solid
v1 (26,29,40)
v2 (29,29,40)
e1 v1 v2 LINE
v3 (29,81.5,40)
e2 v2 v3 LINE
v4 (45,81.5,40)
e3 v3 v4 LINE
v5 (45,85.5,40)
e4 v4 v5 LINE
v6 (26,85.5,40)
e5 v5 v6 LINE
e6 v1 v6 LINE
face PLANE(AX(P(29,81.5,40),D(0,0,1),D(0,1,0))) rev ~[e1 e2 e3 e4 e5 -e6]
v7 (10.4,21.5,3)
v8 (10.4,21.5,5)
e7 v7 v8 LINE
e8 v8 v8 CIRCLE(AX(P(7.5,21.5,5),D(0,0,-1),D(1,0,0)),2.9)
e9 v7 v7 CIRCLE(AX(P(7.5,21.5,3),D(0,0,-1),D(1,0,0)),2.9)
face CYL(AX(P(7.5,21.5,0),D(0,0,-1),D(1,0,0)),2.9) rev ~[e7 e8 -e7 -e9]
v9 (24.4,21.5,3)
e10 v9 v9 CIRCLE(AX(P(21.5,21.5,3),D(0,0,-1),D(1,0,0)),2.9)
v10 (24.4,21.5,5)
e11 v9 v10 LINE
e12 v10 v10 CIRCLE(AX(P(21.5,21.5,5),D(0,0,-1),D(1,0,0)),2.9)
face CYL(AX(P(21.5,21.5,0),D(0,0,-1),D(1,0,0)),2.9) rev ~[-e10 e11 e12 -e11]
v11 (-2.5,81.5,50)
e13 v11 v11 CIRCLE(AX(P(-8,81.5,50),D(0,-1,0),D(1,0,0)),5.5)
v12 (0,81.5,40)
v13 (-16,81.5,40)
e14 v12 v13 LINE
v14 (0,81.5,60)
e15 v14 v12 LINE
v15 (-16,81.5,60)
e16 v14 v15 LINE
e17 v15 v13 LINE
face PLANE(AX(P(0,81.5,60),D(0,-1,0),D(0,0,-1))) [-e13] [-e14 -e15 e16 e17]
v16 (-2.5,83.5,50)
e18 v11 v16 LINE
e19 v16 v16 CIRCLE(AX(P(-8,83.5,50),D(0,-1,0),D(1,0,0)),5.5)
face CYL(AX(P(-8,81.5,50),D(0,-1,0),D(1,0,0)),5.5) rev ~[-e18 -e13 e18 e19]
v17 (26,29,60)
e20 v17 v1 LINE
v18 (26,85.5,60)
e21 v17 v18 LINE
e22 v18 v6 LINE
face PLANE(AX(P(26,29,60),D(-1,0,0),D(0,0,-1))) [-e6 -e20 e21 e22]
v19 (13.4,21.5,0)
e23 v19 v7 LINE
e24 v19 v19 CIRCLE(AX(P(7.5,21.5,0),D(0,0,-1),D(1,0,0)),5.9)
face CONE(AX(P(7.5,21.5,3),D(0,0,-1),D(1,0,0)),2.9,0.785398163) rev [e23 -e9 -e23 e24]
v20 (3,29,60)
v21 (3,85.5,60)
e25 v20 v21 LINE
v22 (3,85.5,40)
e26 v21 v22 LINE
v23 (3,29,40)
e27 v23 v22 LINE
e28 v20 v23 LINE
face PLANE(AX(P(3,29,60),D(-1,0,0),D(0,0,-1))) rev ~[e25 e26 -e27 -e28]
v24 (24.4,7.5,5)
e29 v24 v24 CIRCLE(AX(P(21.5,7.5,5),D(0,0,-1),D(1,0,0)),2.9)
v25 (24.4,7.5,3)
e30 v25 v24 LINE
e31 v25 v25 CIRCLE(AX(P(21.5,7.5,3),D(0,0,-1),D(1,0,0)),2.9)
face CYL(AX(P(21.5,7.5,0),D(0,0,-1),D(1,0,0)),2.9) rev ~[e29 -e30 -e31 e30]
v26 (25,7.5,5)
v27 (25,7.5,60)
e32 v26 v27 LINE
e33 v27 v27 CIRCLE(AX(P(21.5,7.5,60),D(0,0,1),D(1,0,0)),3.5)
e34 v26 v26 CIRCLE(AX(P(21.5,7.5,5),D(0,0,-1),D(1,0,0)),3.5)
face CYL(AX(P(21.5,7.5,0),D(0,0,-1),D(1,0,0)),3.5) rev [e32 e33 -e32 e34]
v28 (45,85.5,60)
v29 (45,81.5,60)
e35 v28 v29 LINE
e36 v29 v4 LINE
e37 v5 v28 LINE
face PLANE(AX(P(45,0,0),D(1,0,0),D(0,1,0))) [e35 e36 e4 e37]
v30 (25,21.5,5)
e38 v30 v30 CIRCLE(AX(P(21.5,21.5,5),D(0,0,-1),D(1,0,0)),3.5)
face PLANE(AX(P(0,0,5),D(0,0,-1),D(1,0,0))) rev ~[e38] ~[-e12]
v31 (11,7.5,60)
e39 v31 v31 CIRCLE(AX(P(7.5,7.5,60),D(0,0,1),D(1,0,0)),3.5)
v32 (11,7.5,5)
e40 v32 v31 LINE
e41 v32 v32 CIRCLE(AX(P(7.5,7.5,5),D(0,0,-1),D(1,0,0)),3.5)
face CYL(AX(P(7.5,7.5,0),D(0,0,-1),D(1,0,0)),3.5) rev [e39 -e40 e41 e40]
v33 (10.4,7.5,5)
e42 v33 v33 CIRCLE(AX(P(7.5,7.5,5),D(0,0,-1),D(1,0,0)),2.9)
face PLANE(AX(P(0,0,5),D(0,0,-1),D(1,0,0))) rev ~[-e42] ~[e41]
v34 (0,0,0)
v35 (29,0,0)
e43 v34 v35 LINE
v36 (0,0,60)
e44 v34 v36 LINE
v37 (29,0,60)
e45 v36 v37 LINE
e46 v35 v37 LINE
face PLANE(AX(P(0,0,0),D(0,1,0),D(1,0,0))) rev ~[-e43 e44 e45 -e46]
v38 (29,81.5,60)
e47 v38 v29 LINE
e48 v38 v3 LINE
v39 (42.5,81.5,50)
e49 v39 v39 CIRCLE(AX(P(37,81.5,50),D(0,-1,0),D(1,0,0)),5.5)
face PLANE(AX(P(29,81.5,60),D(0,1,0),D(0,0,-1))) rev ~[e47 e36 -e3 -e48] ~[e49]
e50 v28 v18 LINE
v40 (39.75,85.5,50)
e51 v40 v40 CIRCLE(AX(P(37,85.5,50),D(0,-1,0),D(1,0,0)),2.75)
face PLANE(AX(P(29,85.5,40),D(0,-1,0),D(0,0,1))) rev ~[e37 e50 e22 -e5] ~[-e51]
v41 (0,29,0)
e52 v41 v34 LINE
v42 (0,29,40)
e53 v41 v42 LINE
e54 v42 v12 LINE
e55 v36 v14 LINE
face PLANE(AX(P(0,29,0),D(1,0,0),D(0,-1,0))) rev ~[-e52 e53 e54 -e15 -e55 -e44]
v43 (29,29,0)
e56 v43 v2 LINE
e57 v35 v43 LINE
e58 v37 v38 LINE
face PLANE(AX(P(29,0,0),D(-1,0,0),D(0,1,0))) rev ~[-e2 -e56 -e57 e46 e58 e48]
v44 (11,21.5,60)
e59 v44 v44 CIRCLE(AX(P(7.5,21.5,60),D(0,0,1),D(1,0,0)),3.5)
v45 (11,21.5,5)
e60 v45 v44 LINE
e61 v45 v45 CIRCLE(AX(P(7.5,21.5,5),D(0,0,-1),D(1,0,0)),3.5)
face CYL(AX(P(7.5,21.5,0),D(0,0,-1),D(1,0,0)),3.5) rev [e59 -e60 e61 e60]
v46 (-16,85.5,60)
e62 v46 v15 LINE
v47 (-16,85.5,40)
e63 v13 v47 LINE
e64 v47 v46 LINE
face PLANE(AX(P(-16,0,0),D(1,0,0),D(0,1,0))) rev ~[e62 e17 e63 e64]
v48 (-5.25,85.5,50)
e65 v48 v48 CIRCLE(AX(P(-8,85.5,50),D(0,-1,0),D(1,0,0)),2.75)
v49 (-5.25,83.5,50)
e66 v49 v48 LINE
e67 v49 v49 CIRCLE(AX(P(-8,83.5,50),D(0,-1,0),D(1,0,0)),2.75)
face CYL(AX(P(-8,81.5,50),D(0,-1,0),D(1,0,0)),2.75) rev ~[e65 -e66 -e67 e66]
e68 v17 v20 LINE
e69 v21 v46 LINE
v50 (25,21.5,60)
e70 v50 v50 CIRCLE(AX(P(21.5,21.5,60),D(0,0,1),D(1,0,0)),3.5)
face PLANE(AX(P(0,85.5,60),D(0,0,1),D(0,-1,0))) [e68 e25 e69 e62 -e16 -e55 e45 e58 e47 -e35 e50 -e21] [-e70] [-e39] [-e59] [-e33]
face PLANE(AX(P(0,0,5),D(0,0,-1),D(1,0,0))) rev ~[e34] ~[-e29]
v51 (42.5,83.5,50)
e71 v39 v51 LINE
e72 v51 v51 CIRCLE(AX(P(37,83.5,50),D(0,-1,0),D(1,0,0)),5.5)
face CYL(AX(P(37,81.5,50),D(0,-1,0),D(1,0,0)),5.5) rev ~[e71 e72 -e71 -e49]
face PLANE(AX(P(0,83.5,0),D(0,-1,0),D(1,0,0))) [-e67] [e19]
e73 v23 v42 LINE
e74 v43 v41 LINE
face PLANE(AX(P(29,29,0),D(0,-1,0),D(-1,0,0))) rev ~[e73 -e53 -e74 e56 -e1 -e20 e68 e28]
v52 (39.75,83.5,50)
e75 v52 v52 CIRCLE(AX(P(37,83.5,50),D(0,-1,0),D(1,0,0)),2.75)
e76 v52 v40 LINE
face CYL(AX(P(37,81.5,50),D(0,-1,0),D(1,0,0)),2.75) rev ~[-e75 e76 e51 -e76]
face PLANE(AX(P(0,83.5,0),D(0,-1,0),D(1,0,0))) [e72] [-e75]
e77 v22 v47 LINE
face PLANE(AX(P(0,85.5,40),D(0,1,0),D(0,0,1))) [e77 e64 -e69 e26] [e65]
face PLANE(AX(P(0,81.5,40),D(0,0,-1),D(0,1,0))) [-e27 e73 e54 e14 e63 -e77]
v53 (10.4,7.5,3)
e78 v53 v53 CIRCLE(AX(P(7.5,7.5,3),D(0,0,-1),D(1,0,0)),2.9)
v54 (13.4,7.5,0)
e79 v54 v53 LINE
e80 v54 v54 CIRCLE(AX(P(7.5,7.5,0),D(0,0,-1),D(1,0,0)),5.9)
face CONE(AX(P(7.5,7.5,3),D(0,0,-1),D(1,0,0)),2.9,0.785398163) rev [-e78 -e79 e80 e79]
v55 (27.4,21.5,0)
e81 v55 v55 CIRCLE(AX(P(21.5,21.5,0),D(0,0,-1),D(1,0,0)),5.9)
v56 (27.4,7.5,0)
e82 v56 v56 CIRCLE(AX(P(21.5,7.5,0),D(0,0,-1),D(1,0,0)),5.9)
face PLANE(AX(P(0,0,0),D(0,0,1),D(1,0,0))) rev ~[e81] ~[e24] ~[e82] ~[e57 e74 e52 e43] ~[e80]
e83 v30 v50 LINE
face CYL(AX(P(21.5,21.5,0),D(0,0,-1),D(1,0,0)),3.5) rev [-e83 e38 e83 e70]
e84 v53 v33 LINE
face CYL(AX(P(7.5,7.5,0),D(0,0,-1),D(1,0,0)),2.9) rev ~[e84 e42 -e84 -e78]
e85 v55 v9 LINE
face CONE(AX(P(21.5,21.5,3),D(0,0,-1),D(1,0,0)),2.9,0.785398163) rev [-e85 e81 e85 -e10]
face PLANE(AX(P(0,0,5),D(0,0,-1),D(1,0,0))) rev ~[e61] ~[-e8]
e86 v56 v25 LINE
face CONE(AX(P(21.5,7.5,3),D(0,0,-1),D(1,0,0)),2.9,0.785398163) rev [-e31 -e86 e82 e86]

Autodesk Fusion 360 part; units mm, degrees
sketch "Sketch1" plane through (0, 0, 0) normal (0, 0, 1) x (1, 0, 0) in component "Halterung"
  line L0 (0, 0) -> (29, 0)
  line L1 (29, 0) -> (29, 29)
  line L2 (29, 29) -> (0, 29)
  line L3 (0, 29) -> (0, 0)
  circle A0 centre (7.5, 7.5) radius 3.5
  circle A1 centre (21.5, 7.5) radius 3.5
  circle A2 centre (7.5, 21.5) radius 3.5
  circle A3 centre (21.5, 21.5) radius 3.5
  dimension "d1" = 7
  dimension "d3" = 4
  dimension "d6" = 7
  dimension "d7" = 4
  dimension "d8" = 7
  dimension "d9" = 4
  dimension "d10" = 4
  dimension "d15" = 35
extrude "Extrude1" add sketch "Sketch1" along normal blind 60 in component "Halterung"
sketch "Sketch2" plane through (0, 29, 0) normal (0, 1, 0) x (-1, 0, 0) in component "Halterung"
  line L0 (-29, 0) -> (0, 0)
  line L1 (0, 0) -> (0, 60)
  line L2 (0, 60) -> (-29, 60)
  line L3 (-29, 60) -> (-29, 0)
  line L4 (-29, 60) -> (-26, 60)
  line L5 (-26, 60) -> (-26, 40)
  line L6 (-26, 40) -> (-29, 40)
  line L7 (-29, 40) -> (-29, 60)
  line L8 (-14.5, 60) -> (-14.5, 0) construction
  line L9 (-3, 60) -> (-3, 40)
  line L10 (0, 60) -> (-3, 60)
  line L11 (0, 40) -> (0, 60)
  line L12 (-3, 40) -> (0, 40)
  dimension "d13" = 3
  dimension "d14" = 20
extrude "Extrude2" add sketch "Sketch2" along normal blind 56.5 contours L2 L3 L4 L5 L6 L7 | L1 L2 L9 L10 L11 L12 in component "Halterung"
sketch "Sketch3" plane through (29, 0, 0) normal (1, 0, 0) x (0, 1, 0) in component "Halterung"
  line L0 (0, 0) -> (29, 0)
  line L1 (29, 0) -> (29, 40)
  line L2 (29, 40) -> (85.5, 40)
  line L3 (85.5, 40) -> (85.5, 60)
  line L4 (85.5, 60) -> (0, 60)
  line L5 (0, 60) -> (0, 0)
  line L6 (85.5, 60) -> (81.5, 60)
  line L7 (81.5, 60) -> (81.5, 40)
  line L8 (81.5, 40) -> (85.5, 40)
  line L9 (85.5, 40) -> (85.5, 60)
  dimension "d18" = 4
extrude "Extrude3" add sketch "Sketch3" along normal blind 16 contours L2 L3 L4 L6 L7 L8 L9 in component "Halterung"
extrude "Extrude4" add sketch "Sketch3" against normal blind 16 from surface at -29 contours L2 L3 L4 L6 L7 L8 L9 in component "Halterung"
sketch "Sketch4" plane through (0, 81.5, 0) normal (0, -1, 0) x (1, 0, 0) in component "Halterung"
  line L0 (29, 60) -> (29, 40)
  line L1 (29, 40) -> (45, 40)
  line L2 (45, 40) -> (45, 60)
  line L3 (45, 60) -> (29, 60)
  circle A0 centre (37, 50) radius 5.5
  line L4 (45, 50) -> (29, 50) construction
  line L5 (37, 60) -> (37, 40) construction
  line L6 (14.5, 0) -> (14.5, 60) construction
  line L7 (0, 60) -> (29, 60)
  line L8 (0, 0) -> (29, 0)
  circle A1 centre (37, 50) radius 2.75
  circle A2 centre (-8, 50) radius 5.5
  circle A3 centre (-8, 50) radius 2.75
  point P0 (37, 50)
  dimension "d24" = 11
  dimension "d25" = 5.5
extrude "Extrude5" cut sketch "Sketch4" against normal up to surface (4 mm away) contours A1 | A3 in component "Halterung"
extrude "Extrude6" cut sketch "Sketch4" against normal blind 2 contours A0 | A2 in component "Halterung"
sketch "Sketch1 (2)" plane through (0, 0, 0) normal (0, 0, -1) x (1, 0, 0)
  line L0 (0, 0) -> (0, -29)
  line L1 (0, -29) -> (29, -29)
  line L2 (29, -29) -> (29, 0)
  line L3 (29, 0) -> (0, 0)
  circle A0 centre (7.5, -7.5) radius 2.9
  circle A1 centre (21.5, -7.5) radius 2.9
  circle A2 centre (7.5, -21.5) radius 2.9
  circle A3 centre (21.5, -21.5) radius 2.9
  circle A4 centre (21.5, -21.5) radius 3.5
  circle A5 centre (7.5, -21.5) radius 3.5
  circle A6 centre (21.5, -7.5) radius 3.5
  circle A7 centre (7.5, -7.5) radius 3.5
  dimension "d52" = 5.8
extrude "Extrude9" add sketch "Sketch1 (2)" against normal blind 5 contours A4 | A5 | A6 | A7 in component "Halterung"
chamfer "Chamfer2" distance 3 angle 45 4 edges at (4.7963, 20.4513, 0) (18.7963, 20.4513, 0) (18.7963, 6.4513, 0) (4.7963, 6.4513, 0) in component "Halterung"
component "Halterung" placed x (1, 0, 0) y (0, 1, 0) z (0, 0, 1) at (0, 0, 0)
